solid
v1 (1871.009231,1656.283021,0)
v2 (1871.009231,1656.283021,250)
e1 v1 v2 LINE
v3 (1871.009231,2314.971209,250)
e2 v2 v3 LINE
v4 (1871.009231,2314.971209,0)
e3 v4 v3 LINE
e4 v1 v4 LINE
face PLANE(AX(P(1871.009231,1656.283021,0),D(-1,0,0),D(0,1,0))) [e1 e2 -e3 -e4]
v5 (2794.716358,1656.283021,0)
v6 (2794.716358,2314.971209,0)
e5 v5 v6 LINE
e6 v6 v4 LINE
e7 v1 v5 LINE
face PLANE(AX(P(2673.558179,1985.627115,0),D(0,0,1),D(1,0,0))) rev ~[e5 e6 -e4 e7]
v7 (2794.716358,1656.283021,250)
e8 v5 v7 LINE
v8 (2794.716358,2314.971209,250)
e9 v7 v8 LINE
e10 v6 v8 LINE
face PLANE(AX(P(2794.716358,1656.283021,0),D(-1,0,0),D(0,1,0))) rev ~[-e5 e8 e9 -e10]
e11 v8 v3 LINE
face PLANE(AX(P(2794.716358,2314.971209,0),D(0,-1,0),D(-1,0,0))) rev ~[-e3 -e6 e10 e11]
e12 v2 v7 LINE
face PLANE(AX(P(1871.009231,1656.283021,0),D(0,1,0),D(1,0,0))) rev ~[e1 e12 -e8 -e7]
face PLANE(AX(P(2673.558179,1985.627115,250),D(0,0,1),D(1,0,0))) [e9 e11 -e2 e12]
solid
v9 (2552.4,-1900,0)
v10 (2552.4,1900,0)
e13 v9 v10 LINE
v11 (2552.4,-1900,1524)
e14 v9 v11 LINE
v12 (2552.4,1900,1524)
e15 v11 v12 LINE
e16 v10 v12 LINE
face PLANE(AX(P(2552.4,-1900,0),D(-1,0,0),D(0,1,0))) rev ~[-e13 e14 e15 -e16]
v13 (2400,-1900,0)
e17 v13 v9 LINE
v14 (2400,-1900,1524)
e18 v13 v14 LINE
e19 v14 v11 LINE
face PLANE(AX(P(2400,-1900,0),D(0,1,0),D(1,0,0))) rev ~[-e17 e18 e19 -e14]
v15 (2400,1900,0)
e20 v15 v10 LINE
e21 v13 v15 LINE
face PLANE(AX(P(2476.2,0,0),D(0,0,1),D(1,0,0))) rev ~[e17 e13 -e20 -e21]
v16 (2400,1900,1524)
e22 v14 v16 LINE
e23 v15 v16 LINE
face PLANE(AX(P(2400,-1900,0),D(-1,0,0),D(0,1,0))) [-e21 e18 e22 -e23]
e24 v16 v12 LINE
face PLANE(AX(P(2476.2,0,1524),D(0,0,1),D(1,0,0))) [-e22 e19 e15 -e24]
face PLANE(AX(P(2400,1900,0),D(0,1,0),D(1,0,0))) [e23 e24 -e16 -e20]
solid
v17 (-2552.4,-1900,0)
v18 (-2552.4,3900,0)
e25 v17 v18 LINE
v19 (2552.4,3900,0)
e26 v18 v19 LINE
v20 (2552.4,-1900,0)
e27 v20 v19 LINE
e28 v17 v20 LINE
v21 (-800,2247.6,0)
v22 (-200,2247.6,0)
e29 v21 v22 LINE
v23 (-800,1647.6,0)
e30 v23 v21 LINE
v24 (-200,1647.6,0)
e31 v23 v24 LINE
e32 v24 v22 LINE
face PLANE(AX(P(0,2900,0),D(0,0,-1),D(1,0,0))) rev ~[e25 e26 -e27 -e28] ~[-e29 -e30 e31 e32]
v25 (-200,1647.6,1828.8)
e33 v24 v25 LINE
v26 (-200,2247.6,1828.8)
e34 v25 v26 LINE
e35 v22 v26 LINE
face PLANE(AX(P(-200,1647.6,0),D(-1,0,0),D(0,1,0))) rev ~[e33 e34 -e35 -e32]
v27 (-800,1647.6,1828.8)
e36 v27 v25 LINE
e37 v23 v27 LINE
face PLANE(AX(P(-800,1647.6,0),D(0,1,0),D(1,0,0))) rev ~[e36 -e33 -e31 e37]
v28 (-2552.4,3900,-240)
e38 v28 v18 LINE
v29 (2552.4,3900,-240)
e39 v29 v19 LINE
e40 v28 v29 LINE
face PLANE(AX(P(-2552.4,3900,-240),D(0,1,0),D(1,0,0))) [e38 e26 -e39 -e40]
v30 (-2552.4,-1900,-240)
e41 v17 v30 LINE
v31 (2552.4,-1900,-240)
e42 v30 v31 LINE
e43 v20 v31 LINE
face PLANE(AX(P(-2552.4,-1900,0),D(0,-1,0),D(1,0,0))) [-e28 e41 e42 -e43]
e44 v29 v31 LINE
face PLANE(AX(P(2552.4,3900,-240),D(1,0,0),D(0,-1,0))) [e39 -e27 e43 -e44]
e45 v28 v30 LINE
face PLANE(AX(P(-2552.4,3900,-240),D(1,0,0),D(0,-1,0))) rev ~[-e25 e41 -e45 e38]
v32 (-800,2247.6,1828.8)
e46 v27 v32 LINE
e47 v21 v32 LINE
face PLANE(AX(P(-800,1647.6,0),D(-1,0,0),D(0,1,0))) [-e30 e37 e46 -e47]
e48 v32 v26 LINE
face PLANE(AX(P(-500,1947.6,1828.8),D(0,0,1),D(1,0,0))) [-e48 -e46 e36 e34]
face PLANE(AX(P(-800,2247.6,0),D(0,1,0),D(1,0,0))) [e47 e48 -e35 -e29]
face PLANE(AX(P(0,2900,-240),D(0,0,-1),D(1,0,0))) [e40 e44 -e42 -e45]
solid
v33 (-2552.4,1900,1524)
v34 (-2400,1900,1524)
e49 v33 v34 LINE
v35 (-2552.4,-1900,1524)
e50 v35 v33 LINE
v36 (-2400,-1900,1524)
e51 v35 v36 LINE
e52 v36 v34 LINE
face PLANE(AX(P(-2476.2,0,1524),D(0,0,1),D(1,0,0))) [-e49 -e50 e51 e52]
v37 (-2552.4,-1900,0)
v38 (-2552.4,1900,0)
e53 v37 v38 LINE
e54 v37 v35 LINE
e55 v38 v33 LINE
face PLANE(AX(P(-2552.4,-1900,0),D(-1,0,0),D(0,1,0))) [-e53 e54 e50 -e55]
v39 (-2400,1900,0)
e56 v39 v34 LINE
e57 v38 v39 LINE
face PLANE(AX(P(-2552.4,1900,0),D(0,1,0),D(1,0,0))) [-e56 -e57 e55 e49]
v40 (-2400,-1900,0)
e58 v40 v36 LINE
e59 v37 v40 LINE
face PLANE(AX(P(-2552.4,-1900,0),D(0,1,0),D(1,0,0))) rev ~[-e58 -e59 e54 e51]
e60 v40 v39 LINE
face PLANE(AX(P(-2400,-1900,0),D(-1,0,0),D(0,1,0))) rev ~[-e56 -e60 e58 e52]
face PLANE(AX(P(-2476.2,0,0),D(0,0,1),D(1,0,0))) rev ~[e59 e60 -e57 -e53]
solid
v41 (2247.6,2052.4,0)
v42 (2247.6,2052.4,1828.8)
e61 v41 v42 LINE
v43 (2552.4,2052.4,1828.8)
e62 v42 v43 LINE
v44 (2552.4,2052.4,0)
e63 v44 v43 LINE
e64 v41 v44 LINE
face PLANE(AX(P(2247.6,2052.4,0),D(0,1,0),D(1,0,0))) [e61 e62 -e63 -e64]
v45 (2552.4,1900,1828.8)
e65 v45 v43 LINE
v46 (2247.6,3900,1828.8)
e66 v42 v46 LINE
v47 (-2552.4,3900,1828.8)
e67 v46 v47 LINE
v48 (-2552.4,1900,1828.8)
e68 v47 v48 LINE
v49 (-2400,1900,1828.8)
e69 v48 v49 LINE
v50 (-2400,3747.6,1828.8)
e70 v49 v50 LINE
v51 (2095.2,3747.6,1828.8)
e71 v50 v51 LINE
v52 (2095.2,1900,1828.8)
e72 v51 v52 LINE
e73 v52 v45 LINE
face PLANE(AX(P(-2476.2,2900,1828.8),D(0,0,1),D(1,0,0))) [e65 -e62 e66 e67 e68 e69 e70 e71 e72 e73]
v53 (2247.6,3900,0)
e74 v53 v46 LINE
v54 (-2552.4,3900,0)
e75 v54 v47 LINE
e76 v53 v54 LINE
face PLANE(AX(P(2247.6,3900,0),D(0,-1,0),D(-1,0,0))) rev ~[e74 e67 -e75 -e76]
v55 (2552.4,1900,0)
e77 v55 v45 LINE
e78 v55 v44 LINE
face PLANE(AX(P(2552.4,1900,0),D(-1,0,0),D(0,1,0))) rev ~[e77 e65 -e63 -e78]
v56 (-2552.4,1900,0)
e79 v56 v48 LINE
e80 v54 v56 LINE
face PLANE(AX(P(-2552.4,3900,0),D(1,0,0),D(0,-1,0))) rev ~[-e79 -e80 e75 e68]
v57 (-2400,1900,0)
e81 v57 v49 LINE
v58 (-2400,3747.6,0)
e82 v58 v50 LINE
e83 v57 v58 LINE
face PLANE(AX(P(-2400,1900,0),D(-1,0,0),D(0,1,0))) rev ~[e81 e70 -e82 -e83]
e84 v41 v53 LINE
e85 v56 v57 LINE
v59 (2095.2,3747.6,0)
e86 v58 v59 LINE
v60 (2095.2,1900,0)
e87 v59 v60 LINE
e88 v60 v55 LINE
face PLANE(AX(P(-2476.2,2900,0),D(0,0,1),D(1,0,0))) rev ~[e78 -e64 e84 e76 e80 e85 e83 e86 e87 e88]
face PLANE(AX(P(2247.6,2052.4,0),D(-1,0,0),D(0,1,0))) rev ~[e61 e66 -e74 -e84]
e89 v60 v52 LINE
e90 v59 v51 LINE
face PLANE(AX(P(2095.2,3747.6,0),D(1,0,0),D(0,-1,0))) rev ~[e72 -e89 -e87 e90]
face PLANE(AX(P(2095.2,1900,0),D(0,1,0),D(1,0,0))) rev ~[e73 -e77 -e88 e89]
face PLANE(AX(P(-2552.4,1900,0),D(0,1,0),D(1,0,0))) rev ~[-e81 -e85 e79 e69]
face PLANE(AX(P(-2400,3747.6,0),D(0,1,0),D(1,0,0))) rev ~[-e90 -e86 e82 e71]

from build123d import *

# Parameters (mm, degrees)
F0_W      = 152.4
F0_H      = 3800
F1_DEPTH  = 1524
F2_W      = 5104.8
F2_H      = 3800
F3_DEPTH  = 240
F4_W      = 5104.8
F4_H      = 2000
F5_DEPTH  = 240
F6_W      = 242.3163581848
F6_H      = 658.6881875992
F6_W_2    = 681.3907693863
F7_DEPTH  = 250
F8_W      = 4495.2
F8_H      = 152.4
F8_W_2    = 304.8
F9_DEPTH  = 1828.8
F10_W     = 600
F10_H     = 600
F11_DEPTH = 1828.8


with BuildPart() as f1:
    # F0 (on Top) → F1 (new body)
    with BuildSketch(Plane.XY):
        with Locations((-2476.2, 0)):
            Rectangle(F0_W, F0_H)
    extrude(amount=F1_DEPTH)


with BuildPart() as f1b:
    # F0 (on Top) → F1, piece 2 (new body)
    with BuildSketch(Plane.XY):
        with Locations((2476.2, 0)):
            Rectangle(F0_W, F0_H)
    extrude(amount=F1_DEPTH)


with BuildPart() as f3:
    # F2 (on face) → F3 (new body)
    with BuildSketch(Plane(origin=(0, 0, 0), x_dir=(1, 0, 0), z_dir=(0, 0, -1))):
        Rectangle(F2_W, F2_H)
    extrude(amount=F3_DEPTH)

    # F4 (on face) → F5 (join, through all)
    with BuildSketch(Plane(origin=(0, 0, -240), x_dir=(1, 0, 0), z_dir=(0, 0, -1))):
        with Locations((0, -2900)):
            Rectangle(F4_W, F4_H)
    extrude(amount=-F5_DEPTH)

    # F10 (on face) → F11 (join, through all)
    with BuildSketch(Plane.XY):
        with Locations((-500, 1947.6)):
            Rectangle(F10_W, F10_H)
    extrude(amount=F11_DEPTH)


with BuildPart() as f7:
    # F6 (on face) → F7 (new body)
    with BuildSketch(Plane.XY):
        with Locations((2673.5581790924, 1985.6271147728)):
            Rectangle(F6_W, F6_H)
        with Locations((2211.7046153069, 1985.6271147728)):
            Rectangle(F6_W_2, F6_H)
    extrude(amount=F7_DEPTH)


with BuildPart() as f9:
    # F8 (on face) → F9 (new body)
    with BuildSketch(Plane.XY):
        Polygon((-2552.4, 3900), (-2552.4, 1900), (-2400, 1900), (-2400, 3747.6), (-2400, 3900), align=None)
        with Locations((-152.4, 3823.8)):
            Rectangle(F8_W, F8_H)
        Polygon((2095.2, 3900), (2095.2, 3747.6), (2095.2, 1900), (2247.6, 1900), (2247.6, 2052.4), (2247.6, 3900), align=None)
        with Locations((2400, 1976.2)):
            Rectangle(F8_W_2, F8_H)
    extrude(amount=F9_DEPTH)


solid = Compound([f1.part, f1b.part, f3.part, f7.part, f9.part])
